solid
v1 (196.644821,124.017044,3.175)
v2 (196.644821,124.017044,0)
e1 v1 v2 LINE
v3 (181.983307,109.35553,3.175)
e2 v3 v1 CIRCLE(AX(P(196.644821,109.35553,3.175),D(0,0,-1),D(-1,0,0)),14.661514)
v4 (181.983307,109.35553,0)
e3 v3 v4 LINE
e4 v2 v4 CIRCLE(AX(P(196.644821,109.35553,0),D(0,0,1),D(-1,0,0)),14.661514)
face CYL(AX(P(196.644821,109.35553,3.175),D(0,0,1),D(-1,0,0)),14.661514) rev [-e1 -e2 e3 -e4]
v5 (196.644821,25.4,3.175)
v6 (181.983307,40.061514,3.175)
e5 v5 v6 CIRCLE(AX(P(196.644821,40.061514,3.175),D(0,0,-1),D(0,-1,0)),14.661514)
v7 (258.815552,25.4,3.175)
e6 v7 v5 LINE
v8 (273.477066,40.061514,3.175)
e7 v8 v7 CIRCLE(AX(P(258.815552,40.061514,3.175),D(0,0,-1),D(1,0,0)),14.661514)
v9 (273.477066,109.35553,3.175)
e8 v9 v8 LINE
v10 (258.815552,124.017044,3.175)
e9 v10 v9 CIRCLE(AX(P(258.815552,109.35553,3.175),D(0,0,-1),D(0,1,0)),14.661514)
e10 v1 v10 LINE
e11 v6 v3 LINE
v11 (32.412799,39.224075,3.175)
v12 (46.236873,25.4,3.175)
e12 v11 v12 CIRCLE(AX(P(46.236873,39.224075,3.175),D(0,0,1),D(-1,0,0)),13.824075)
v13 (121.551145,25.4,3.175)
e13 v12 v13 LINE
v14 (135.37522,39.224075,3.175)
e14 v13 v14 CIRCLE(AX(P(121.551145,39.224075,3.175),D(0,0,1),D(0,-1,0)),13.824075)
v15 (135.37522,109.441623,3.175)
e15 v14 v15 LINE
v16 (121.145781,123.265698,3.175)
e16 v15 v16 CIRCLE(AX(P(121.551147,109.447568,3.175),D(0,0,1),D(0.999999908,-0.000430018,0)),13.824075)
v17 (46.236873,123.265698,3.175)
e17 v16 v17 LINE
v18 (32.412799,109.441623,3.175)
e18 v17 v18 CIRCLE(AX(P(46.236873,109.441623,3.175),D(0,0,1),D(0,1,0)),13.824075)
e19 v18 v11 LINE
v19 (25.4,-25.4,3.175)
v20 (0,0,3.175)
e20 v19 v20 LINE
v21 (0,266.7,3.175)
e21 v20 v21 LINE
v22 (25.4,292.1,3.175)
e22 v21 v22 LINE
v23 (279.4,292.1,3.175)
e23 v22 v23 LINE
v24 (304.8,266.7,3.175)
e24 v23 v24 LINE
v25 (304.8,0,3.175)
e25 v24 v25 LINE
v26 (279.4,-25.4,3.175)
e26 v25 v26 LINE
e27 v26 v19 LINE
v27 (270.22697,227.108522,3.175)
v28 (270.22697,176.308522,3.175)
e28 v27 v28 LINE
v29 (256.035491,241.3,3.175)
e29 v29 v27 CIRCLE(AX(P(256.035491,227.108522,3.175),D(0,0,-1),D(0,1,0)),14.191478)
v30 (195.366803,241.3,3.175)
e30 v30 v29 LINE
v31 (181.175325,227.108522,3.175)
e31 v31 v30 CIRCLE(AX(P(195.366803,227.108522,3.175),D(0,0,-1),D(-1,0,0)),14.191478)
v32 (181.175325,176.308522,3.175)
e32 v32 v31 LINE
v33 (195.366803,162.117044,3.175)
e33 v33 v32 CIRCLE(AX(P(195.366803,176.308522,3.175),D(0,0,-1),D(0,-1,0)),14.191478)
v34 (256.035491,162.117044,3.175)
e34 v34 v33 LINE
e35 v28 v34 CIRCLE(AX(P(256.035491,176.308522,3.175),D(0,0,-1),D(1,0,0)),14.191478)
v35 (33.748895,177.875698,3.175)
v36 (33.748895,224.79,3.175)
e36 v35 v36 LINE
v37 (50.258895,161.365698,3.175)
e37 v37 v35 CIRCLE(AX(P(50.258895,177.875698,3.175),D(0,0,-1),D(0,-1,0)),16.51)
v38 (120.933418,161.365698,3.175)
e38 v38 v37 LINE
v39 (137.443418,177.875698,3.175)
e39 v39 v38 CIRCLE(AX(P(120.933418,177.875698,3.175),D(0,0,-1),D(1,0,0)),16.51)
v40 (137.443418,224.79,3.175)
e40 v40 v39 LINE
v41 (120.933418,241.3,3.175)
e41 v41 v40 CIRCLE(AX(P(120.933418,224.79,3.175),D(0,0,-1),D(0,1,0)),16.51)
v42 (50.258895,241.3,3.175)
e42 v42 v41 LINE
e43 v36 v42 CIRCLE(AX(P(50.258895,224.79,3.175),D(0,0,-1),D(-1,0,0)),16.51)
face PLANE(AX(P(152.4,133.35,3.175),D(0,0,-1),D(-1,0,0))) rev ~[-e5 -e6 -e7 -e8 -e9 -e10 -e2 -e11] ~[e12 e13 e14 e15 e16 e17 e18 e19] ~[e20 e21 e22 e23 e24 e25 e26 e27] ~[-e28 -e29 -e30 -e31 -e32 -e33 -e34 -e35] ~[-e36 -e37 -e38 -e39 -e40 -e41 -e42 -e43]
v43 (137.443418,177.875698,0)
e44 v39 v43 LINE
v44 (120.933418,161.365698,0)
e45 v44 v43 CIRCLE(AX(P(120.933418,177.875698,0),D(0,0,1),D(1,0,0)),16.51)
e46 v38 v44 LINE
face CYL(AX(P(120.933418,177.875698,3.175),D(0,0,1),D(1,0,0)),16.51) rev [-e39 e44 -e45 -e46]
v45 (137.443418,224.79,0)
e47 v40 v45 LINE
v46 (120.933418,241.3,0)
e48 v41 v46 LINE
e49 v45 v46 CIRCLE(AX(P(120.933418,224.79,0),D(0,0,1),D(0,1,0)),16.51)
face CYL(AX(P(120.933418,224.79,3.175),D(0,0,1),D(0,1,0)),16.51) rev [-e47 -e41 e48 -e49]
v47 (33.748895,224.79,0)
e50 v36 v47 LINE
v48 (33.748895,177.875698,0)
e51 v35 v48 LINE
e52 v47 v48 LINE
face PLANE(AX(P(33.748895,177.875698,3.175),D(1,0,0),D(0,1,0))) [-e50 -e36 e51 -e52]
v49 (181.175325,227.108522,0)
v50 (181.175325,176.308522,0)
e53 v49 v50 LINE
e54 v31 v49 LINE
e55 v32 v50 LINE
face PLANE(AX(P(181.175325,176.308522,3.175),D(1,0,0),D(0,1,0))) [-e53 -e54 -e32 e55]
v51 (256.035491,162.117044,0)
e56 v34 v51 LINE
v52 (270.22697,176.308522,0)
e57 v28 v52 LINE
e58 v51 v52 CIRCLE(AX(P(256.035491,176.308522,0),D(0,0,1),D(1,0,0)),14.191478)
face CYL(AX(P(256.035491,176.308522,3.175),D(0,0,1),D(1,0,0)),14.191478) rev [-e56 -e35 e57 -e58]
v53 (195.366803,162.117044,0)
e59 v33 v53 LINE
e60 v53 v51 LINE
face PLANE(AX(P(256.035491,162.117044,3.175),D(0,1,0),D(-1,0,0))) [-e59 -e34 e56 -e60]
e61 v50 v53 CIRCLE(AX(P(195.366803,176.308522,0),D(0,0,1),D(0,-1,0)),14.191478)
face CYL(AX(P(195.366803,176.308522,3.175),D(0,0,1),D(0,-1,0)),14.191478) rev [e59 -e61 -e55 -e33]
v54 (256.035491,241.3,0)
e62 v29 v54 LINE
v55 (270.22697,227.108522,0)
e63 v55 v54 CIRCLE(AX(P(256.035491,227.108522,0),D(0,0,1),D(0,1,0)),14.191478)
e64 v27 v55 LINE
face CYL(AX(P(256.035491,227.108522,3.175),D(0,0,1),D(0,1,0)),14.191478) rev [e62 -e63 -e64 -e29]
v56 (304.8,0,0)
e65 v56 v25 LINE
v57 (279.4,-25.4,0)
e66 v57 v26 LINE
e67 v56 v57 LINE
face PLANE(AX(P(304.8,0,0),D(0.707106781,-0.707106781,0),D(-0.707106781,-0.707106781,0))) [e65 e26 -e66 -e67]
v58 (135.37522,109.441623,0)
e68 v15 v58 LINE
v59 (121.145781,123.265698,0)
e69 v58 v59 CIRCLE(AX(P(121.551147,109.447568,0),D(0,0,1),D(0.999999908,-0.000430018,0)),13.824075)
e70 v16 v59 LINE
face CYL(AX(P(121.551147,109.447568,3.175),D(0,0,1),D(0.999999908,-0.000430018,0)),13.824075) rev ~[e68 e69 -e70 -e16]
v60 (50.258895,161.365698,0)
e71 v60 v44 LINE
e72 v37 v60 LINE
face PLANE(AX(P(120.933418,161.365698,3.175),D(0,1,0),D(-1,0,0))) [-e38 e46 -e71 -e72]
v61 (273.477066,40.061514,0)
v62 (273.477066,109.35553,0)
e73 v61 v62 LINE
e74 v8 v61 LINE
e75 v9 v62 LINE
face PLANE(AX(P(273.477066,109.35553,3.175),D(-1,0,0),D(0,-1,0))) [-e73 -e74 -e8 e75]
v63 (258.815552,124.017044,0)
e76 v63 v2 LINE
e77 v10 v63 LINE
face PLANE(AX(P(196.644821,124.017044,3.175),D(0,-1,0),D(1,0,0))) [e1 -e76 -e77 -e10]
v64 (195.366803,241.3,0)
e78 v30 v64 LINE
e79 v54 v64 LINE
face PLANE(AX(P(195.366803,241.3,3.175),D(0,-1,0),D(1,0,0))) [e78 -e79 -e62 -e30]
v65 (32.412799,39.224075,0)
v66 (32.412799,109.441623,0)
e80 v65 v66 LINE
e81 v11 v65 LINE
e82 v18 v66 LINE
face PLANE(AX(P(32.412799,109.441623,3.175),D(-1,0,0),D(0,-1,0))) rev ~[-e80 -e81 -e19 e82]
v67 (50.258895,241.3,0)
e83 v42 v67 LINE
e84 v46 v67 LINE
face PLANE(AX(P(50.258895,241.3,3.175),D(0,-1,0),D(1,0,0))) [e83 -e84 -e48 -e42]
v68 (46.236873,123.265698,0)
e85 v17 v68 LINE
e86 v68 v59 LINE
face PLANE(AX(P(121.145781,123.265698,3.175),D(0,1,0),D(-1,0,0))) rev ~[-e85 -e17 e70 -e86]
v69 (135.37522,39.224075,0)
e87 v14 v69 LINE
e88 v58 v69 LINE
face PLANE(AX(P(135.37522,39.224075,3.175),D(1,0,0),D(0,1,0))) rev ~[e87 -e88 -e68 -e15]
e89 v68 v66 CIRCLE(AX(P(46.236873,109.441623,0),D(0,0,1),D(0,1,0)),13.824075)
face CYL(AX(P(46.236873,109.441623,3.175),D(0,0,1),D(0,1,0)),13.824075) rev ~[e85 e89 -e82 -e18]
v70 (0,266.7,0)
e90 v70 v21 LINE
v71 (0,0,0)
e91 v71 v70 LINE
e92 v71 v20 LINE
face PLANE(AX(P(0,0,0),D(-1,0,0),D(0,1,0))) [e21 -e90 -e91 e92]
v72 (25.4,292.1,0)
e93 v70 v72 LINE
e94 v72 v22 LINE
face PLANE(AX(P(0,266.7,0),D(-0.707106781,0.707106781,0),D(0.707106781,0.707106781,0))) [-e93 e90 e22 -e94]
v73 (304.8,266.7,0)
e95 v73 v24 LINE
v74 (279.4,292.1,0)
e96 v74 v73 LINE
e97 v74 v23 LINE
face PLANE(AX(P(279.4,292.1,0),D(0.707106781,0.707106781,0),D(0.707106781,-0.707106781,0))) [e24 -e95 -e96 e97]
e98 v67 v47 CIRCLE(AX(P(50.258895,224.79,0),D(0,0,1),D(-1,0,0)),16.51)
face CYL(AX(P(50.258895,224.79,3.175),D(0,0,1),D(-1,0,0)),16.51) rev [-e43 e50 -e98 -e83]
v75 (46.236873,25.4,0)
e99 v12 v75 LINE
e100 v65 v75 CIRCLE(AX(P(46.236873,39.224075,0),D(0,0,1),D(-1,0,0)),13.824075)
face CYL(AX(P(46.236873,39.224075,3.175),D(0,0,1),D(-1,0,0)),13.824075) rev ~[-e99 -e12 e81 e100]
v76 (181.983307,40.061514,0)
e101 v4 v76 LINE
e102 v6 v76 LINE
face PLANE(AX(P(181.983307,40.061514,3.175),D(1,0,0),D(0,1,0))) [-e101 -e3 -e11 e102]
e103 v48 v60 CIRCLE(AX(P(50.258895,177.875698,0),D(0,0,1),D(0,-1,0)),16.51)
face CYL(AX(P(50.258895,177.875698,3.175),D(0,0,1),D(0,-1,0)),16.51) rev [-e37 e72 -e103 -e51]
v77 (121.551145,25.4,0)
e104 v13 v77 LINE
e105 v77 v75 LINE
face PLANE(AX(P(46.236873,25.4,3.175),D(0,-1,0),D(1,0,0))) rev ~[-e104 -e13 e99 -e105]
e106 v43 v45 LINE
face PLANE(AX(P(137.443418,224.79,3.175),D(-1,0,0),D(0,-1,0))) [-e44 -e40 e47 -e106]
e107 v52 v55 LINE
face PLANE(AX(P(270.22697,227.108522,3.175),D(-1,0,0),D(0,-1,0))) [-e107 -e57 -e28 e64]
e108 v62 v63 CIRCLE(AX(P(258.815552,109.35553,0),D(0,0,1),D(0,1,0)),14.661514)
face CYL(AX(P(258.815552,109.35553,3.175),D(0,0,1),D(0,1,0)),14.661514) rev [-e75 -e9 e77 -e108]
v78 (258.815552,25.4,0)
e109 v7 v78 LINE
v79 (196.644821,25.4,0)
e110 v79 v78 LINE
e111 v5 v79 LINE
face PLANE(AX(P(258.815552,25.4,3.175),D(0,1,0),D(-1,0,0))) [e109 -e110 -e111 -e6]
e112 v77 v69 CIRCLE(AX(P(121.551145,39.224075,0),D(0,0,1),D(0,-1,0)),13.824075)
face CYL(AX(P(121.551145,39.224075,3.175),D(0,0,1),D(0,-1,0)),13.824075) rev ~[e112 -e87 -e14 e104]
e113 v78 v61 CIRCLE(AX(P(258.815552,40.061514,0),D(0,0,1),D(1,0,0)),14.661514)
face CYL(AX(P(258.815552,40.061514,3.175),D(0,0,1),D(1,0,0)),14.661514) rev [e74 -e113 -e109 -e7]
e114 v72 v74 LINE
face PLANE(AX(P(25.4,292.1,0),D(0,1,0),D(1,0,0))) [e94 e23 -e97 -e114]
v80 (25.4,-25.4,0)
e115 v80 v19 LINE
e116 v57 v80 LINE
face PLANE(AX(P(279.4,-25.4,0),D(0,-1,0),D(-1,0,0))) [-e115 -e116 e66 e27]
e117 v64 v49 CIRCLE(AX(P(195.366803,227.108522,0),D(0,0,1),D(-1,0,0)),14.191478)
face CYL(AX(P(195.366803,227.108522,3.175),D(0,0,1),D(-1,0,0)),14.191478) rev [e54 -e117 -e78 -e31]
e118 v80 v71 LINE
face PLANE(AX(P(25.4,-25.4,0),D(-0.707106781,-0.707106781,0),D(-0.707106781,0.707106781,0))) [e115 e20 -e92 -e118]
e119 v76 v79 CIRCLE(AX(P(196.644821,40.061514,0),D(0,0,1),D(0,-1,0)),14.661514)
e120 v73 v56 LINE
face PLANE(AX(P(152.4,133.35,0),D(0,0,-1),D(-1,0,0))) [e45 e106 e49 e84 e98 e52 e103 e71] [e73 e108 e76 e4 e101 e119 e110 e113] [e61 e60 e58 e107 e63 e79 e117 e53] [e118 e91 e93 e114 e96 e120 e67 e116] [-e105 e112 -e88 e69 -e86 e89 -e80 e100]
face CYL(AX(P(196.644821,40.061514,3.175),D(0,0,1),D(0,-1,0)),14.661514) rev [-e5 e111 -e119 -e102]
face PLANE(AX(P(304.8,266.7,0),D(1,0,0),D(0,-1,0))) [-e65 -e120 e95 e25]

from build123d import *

# Parameters (mm, degrees)
BOSS_EXTRUDE1_DEPTH = 3.175
CUT_EXTRUDE7_DEPTH  = 127


with BuildPart() as part:
    # Sketch1 → Boss-Extrude1 (new body)
    with BuildSketch(Plane.XY):
        Polygon((0, 266.7), (25.4, 292.1), (279.4, 292.1), (304.8, 266.7), (304.8, 0), (279.4, -25.4), (25.4, -25.4), (0, 0), align=None)
    extrude(amount=BOSS_EXTRUDE1_DEPTH)

    # Sketch4 → Cut-Extrude7 (cut)
    with BuildSketch(Plane.XY.offset(3.175)):
        with BuildLine():
            Line((50.258895016, 241.3), (120.933418015, 241.3))
            ThreePointArc((120.933418015, 241.3), (132.607750972, 236.464332957), (137.443418015, 224.79))
            Line((137.443418015, 224.79), (137.443418015, 177.875697945))
            ThreePointArc((137.443418015, 177.875697945), (132.607750972, 166.201364987), (120.933418015, 161.365697945))
            Line((120.933418015, 161.365697945), (50.258895016, 161.365697945))
            ThreePointArc((50.258895016, 161.365697945), (38.584562059, 166.201364987), (33.748895016, 177.875697945))
            Line((33.748895016, 177.875697945), (33.748895016, 224.79))
            ThreePointArc((33.748895016, 224.79), (38.584562059, 236.464332957), (50.258895016, 241.3))
        make_face()
        with BuildLine():
            Line((195.366803118, 241.3), (256.035491463, 241.3))
            ThreePointArc((256.035491463, 241.3), (266.070381863, 237.143412299), (270.226969564, 227.108521899))
            Line((270.226969564, 227.108521899), (270.226969564, 176.308521899))
            ThreePointArc((270.226969564, 176.308521899), (266.070381863, 166.273631498), (256.035491463, 162.117043797))
            Line((256.035491463, 162.117043797), (195.366803118, 162.117043797))
            ThreePointArc((195.366803118, 162.117043797), (185.331912718, 166.273631498), (181.175325017, 176.308521899))
            Line((181.175325017, 176.308521899), (181.175325017, 227.108521899))
            ThreePointArc((181.175325017, 227.108521899), (185.331912718, 237.143412299), (195.366803118, 241.3))
        make_face()
        with BuildLine():
            Line((121.145780521, 123.265697945), (46.236873468, 123.265697945))
            ThreePointArc((46.236873468, 123.265697945), (36.46177638, 119.216720157), (32.412798593, 109.44162307))
            Line((32.412798593, 109.44162307), (32.412798593, 39.224074875))
            ThreePointArc((32.412798593, 39.224074875), (36.46177638, 29.448977787), (46.236873468, 25.4))
            Line((46.236873468, 25.4), (121.551145478, 25.4))
            ThreePointArc((121.551145478, 25.4), (131.326242565, 29.448977787), (135.375220353, 39.224074875))
            Line((135.375220353, 39.224074875), (135.375220353, 109.44162307))
            ThreePointArc((135.375220353, 109.44162307), (131.183991006, 119.362876931), (121.145780521, 123.265697945))
        make_face()
        with BuildLine():
            Line((196.644821232, 124.017043797), (258.815551629, 124.017043797))
            ThreePointArc((258.815551629, 124.017043797), (269.182807745, 119.722785709), (273.477065833, 109.355529593))
            Line((273.477065833, 109.355529593), (273.477065833, 40.061514204))
            ThreePointArc((273.477065833, 40.061514204), (269.182807745, 29.694258088), (258.815551629, 25.4))
            Line((258.815551629, 25.4), (196.644821232, 25.4))
            ThreePointArc((196.644821232, 25.4), (186.277565116, 29.694258088), (181.983307028, 40.061514204))
            Line((181.983307028, 40.061514204), (181.983307028, 109.355529593))
            ThreePointArc((181.983307028, 109.355529593), (186.277565116, 119.722785709), (196.644821232, 124.017043797))
        make_face()
    extrude(amount=-CUT_EXTRUDE7_DEPTH, mode=Mode.SUBTRACT)


solid = part.part
